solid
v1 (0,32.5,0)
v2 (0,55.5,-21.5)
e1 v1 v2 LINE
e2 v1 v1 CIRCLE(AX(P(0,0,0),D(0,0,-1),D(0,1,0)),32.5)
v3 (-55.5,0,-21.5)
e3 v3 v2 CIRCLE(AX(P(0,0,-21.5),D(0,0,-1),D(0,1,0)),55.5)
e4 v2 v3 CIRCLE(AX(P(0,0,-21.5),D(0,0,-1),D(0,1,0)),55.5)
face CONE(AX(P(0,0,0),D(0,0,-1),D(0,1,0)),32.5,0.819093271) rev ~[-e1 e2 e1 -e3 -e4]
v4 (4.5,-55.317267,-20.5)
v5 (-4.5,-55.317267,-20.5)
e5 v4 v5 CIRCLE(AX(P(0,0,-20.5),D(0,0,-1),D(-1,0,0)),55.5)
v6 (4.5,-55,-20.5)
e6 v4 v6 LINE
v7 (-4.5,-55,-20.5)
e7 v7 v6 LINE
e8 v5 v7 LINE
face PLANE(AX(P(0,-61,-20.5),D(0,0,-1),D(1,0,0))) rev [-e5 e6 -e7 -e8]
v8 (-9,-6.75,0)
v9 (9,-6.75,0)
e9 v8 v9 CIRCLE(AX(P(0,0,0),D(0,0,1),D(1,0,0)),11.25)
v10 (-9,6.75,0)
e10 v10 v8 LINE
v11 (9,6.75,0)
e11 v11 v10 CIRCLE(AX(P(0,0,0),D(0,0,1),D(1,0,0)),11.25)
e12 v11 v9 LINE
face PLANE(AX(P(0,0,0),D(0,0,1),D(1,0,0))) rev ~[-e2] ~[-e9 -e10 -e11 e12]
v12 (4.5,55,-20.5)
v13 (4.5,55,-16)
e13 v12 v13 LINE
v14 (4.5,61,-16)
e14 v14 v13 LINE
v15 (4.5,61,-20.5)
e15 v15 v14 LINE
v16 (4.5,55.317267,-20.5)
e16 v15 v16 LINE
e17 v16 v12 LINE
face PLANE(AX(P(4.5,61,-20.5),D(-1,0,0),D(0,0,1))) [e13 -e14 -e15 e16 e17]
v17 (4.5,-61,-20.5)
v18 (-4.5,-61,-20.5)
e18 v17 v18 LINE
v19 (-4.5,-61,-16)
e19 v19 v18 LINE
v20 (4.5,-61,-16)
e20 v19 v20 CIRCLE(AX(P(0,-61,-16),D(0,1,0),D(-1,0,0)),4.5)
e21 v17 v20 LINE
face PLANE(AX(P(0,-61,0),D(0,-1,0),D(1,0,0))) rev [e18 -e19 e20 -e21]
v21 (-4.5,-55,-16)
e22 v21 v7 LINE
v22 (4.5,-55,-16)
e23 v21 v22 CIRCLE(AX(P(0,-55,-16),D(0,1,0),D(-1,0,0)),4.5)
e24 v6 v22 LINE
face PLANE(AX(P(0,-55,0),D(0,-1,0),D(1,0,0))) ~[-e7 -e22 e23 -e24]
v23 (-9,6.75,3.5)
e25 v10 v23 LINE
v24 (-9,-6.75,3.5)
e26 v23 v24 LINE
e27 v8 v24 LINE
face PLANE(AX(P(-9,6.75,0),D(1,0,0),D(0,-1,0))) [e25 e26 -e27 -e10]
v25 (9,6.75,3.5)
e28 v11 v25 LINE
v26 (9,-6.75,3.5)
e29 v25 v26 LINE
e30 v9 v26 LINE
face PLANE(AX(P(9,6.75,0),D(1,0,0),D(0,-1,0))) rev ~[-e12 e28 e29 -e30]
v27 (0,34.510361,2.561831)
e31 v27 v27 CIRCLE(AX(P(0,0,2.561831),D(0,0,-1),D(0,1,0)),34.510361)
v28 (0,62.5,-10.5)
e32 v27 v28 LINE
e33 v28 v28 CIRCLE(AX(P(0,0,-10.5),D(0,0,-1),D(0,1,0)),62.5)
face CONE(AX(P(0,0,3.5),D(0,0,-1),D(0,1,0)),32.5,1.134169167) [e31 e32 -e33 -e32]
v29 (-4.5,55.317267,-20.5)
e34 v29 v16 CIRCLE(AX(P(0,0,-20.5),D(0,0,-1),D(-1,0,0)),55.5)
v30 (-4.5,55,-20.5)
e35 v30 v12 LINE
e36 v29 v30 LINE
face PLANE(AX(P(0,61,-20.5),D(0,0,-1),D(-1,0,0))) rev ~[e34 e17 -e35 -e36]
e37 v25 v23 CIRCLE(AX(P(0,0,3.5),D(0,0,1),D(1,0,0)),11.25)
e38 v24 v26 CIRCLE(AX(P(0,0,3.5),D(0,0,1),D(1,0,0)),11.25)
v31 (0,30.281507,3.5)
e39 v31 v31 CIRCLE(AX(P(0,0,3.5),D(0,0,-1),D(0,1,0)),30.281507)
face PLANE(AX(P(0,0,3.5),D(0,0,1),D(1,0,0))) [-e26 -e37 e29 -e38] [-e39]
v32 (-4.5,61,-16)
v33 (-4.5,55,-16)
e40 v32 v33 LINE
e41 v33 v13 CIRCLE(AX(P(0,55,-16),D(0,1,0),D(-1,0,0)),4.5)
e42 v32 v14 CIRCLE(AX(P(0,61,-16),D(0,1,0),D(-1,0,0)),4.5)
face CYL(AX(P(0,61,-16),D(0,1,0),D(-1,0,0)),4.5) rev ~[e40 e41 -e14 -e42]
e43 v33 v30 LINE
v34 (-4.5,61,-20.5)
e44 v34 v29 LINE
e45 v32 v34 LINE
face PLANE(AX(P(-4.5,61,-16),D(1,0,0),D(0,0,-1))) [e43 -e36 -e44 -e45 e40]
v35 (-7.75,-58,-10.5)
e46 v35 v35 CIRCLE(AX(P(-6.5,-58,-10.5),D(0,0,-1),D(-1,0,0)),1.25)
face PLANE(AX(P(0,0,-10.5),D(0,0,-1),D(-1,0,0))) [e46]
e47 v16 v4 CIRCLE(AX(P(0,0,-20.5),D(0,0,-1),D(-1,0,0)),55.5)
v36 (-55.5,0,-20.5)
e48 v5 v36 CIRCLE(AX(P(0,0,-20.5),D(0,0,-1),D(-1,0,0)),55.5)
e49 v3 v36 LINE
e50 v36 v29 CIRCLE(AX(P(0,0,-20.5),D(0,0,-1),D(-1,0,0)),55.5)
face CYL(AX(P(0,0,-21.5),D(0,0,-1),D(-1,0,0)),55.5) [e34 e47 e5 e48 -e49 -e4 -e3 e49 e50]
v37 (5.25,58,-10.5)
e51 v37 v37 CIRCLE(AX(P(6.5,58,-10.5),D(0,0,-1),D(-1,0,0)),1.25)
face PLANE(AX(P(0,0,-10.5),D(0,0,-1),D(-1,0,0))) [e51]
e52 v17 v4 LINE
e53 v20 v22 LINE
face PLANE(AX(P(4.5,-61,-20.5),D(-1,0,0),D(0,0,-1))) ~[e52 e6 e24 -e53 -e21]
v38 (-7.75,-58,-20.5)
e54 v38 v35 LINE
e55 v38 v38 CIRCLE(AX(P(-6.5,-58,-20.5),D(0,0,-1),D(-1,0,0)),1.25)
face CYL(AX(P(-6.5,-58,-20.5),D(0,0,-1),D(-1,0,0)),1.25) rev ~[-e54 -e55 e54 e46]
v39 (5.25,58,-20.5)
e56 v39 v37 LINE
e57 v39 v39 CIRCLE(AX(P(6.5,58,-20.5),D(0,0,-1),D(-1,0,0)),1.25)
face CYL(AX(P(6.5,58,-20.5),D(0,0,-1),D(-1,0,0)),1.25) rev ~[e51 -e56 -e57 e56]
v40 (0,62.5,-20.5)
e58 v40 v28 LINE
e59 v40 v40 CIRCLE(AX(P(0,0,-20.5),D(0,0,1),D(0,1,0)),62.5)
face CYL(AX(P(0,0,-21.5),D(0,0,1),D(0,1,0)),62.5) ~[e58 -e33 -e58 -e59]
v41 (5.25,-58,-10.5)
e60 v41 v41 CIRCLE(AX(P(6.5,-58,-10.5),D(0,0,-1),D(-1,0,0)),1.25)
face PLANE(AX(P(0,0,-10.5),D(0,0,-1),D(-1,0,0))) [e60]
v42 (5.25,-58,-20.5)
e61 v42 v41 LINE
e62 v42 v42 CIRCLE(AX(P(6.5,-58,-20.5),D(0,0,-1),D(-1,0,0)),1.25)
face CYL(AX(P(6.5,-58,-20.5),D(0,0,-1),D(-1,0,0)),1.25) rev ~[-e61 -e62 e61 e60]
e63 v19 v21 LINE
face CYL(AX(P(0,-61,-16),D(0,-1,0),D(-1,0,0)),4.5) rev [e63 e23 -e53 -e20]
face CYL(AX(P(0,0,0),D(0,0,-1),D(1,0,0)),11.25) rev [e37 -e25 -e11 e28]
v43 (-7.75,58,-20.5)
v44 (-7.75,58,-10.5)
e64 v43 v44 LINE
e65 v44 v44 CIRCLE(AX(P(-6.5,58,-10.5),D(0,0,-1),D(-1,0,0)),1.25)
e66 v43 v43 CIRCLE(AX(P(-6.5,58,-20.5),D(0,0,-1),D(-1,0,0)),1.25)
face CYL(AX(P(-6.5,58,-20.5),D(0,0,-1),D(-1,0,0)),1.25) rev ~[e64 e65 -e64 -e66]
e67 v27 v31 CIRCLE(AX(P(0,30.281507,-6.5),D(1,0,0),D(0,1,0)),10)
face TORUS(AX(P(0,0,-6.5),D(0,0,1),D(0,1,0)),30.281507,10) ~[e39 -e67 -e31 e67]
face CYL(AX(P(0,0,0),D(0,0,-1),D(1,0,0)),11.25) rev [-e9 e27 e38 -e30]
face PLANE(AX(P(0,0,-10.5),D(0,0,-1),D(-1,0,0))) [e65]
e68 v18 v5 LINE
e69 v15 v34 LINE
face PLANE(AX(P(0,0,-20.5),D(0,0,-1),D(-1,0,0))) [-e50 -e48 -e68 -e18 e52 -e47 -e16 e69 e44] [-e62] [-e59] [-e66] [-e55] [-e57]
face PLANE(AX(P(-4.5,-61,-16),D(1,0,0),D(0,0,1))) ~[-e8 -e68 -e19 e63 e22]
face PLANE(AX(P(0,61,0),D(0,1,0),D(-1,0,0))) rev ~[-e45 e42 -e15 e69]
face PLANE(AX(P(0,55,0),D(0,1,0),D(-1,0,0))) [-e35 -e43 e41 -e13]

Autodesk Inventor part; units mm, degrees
ref_plane "YZ Plane" through (0, 0, 0) normal (1, 0, 0) x (0, 1, 0)
ref_plane "XY Plane" through (0, 0, 0) normal (0, 0, 1) x (1, 0, 0)
sketch "Sketch1" plane through (0, 0, 0) normal (0, 0, 1) x (1, 0, 0)
  circle A0 centre (0, 0) radius 11.25
  line L0 (-9, 6.75) -> (-9, -6.75)
  line L1 (9, 6.75) -> (9, -6.75)
  circle A1 centre (0, 0) radius 32.5
  dimension "d0" = 22.5
  dimension "d1" = 18
  dimension "d2" = 65
extrude "Extrusion1" add sketch "Sketch1" along normal blind 3.5 contours A0 L1 | L0 A0 | A1
sketch "Sketch2" plane through (0, 0, 0) normal (1, 0, 0) x (0, 1, 0)
  line L0 (32.5, 0) -> (-32.5, 0) projected
  line L1 (32.5, 0) -> (55.5, -21.5)
  line L2 (55.5, -21.5) -> (62.5, -21.5)
  line L3 (62.5, -21.5) -> (62.5, -10.5)
  line L4 (32.5, 3.5) -> (-32.5, 3.5) projected
  line L5 (32.5, 3.5) -> (62.5, -10.5)
  line L6 (0, 0) -> (0, -19.375) construction
  line L7 (32.5, 3.5) -> (32.5, 0)
  dimension "d8" = 7
  dimension "d9" = 25
  dimension "d10" = 11
  dimension "d11" = 30
revolve "Revolution1" add sketch "Sketch2" angle 360 about axis through (0, 0, 0) along (0, 0, -1)
fillet "Fillet1" radius 10 1 edges at (0, -32.5, 3.5)
ref_plane "Work Plane2" through (0, 61, 0) normal (0, 1, 0) x (-1, 0, 0)
sketch "Sketch3" plane through (0, 61, 0) normal (0, 1, 0) x (-1, 0, 0)
  circle A0 centre (0, -16) radius 4.5
  line L0 (4.5, -16) -> (4.5, -20.5)
  line L1 (-4.5, -20.5) -> (-4.5, -16)
  line L2 (-62.5, -21.5) -> (62.5, -21.5) projected
  line L3 (62.5, -21.5) -> (62.5, -11.7) construction
  line L4 (62.5, -10.5) -> (62.5, -21.5) projected
  line L5 (-9, 0) -> (9, 0) projected
  line L6 (-4.5, -20.5) -> (4.5, -20.5)
  point P0 (0, 0)
  point P1 (0, 0)
  point P2 (0, -20.5)
  dimension "d14" = 9
  dimension "d22" = 1
extrude "Extrusion2" cut sketch "Sketch3" against normal blind 6
sketch "Sketch4" plane through (0, 0, 3.5) normal (0, 0, 1) x (1, 0, 0)
  circle A0 centre (0, 45) radius 9
  point P0 (0, 0)
  dimension "d25" = 45
  dimension "d26" = 18
extrude "Extrusion3" [suppressed]
pattern_circular "Circular Pattern1" [suppressed]
mirror "Mirror1" about plane through (0, 0, 0) normal (0, 1, 0) of "Extrusion2"
sketch "Sketch5" plane through (0, 0, -21.5) normal (0, 0, -1) x (-1, 0, 0)
  circle A0 centre (0, 0) radius 62.5 projected
  circle A1 centre (0, 0) radius 55.5 projected
extrude "Extrusion4" cut sketch "Sketch5" against normal blind 1
sketch "Sketch6" plane through (0, 0, -20.5) normal (0, 0, -1) x (-1, 0, 0)
  line L0 (-4.5, 61) -> (-4.5, 55) projected
  line L1 (-4.5, 58) -> (-6.5, 58)
  circle A0 centre (-6.5, 58) radius 1.25
  line L2 (0, 60.0655) -> (0, 54.4578) construction
  circle A1 centre (6.5, 58) radius 1.25
  circle A2 centre (0, 0) radius 55.5 construction
  line L3 (-55.5, 0) -> (55.5, 0) construction
  circle A3 centre (-6.5, -58) radius 1.25
  circle A4 centre (6.5, -58) radius 1.25
  dimension "d32" = 2
  dimension "d33" = 2.5
extrude "Extrusion5" cut sketch "Sketch6" against normal blind 10
properties part number "CVT_Ring"
